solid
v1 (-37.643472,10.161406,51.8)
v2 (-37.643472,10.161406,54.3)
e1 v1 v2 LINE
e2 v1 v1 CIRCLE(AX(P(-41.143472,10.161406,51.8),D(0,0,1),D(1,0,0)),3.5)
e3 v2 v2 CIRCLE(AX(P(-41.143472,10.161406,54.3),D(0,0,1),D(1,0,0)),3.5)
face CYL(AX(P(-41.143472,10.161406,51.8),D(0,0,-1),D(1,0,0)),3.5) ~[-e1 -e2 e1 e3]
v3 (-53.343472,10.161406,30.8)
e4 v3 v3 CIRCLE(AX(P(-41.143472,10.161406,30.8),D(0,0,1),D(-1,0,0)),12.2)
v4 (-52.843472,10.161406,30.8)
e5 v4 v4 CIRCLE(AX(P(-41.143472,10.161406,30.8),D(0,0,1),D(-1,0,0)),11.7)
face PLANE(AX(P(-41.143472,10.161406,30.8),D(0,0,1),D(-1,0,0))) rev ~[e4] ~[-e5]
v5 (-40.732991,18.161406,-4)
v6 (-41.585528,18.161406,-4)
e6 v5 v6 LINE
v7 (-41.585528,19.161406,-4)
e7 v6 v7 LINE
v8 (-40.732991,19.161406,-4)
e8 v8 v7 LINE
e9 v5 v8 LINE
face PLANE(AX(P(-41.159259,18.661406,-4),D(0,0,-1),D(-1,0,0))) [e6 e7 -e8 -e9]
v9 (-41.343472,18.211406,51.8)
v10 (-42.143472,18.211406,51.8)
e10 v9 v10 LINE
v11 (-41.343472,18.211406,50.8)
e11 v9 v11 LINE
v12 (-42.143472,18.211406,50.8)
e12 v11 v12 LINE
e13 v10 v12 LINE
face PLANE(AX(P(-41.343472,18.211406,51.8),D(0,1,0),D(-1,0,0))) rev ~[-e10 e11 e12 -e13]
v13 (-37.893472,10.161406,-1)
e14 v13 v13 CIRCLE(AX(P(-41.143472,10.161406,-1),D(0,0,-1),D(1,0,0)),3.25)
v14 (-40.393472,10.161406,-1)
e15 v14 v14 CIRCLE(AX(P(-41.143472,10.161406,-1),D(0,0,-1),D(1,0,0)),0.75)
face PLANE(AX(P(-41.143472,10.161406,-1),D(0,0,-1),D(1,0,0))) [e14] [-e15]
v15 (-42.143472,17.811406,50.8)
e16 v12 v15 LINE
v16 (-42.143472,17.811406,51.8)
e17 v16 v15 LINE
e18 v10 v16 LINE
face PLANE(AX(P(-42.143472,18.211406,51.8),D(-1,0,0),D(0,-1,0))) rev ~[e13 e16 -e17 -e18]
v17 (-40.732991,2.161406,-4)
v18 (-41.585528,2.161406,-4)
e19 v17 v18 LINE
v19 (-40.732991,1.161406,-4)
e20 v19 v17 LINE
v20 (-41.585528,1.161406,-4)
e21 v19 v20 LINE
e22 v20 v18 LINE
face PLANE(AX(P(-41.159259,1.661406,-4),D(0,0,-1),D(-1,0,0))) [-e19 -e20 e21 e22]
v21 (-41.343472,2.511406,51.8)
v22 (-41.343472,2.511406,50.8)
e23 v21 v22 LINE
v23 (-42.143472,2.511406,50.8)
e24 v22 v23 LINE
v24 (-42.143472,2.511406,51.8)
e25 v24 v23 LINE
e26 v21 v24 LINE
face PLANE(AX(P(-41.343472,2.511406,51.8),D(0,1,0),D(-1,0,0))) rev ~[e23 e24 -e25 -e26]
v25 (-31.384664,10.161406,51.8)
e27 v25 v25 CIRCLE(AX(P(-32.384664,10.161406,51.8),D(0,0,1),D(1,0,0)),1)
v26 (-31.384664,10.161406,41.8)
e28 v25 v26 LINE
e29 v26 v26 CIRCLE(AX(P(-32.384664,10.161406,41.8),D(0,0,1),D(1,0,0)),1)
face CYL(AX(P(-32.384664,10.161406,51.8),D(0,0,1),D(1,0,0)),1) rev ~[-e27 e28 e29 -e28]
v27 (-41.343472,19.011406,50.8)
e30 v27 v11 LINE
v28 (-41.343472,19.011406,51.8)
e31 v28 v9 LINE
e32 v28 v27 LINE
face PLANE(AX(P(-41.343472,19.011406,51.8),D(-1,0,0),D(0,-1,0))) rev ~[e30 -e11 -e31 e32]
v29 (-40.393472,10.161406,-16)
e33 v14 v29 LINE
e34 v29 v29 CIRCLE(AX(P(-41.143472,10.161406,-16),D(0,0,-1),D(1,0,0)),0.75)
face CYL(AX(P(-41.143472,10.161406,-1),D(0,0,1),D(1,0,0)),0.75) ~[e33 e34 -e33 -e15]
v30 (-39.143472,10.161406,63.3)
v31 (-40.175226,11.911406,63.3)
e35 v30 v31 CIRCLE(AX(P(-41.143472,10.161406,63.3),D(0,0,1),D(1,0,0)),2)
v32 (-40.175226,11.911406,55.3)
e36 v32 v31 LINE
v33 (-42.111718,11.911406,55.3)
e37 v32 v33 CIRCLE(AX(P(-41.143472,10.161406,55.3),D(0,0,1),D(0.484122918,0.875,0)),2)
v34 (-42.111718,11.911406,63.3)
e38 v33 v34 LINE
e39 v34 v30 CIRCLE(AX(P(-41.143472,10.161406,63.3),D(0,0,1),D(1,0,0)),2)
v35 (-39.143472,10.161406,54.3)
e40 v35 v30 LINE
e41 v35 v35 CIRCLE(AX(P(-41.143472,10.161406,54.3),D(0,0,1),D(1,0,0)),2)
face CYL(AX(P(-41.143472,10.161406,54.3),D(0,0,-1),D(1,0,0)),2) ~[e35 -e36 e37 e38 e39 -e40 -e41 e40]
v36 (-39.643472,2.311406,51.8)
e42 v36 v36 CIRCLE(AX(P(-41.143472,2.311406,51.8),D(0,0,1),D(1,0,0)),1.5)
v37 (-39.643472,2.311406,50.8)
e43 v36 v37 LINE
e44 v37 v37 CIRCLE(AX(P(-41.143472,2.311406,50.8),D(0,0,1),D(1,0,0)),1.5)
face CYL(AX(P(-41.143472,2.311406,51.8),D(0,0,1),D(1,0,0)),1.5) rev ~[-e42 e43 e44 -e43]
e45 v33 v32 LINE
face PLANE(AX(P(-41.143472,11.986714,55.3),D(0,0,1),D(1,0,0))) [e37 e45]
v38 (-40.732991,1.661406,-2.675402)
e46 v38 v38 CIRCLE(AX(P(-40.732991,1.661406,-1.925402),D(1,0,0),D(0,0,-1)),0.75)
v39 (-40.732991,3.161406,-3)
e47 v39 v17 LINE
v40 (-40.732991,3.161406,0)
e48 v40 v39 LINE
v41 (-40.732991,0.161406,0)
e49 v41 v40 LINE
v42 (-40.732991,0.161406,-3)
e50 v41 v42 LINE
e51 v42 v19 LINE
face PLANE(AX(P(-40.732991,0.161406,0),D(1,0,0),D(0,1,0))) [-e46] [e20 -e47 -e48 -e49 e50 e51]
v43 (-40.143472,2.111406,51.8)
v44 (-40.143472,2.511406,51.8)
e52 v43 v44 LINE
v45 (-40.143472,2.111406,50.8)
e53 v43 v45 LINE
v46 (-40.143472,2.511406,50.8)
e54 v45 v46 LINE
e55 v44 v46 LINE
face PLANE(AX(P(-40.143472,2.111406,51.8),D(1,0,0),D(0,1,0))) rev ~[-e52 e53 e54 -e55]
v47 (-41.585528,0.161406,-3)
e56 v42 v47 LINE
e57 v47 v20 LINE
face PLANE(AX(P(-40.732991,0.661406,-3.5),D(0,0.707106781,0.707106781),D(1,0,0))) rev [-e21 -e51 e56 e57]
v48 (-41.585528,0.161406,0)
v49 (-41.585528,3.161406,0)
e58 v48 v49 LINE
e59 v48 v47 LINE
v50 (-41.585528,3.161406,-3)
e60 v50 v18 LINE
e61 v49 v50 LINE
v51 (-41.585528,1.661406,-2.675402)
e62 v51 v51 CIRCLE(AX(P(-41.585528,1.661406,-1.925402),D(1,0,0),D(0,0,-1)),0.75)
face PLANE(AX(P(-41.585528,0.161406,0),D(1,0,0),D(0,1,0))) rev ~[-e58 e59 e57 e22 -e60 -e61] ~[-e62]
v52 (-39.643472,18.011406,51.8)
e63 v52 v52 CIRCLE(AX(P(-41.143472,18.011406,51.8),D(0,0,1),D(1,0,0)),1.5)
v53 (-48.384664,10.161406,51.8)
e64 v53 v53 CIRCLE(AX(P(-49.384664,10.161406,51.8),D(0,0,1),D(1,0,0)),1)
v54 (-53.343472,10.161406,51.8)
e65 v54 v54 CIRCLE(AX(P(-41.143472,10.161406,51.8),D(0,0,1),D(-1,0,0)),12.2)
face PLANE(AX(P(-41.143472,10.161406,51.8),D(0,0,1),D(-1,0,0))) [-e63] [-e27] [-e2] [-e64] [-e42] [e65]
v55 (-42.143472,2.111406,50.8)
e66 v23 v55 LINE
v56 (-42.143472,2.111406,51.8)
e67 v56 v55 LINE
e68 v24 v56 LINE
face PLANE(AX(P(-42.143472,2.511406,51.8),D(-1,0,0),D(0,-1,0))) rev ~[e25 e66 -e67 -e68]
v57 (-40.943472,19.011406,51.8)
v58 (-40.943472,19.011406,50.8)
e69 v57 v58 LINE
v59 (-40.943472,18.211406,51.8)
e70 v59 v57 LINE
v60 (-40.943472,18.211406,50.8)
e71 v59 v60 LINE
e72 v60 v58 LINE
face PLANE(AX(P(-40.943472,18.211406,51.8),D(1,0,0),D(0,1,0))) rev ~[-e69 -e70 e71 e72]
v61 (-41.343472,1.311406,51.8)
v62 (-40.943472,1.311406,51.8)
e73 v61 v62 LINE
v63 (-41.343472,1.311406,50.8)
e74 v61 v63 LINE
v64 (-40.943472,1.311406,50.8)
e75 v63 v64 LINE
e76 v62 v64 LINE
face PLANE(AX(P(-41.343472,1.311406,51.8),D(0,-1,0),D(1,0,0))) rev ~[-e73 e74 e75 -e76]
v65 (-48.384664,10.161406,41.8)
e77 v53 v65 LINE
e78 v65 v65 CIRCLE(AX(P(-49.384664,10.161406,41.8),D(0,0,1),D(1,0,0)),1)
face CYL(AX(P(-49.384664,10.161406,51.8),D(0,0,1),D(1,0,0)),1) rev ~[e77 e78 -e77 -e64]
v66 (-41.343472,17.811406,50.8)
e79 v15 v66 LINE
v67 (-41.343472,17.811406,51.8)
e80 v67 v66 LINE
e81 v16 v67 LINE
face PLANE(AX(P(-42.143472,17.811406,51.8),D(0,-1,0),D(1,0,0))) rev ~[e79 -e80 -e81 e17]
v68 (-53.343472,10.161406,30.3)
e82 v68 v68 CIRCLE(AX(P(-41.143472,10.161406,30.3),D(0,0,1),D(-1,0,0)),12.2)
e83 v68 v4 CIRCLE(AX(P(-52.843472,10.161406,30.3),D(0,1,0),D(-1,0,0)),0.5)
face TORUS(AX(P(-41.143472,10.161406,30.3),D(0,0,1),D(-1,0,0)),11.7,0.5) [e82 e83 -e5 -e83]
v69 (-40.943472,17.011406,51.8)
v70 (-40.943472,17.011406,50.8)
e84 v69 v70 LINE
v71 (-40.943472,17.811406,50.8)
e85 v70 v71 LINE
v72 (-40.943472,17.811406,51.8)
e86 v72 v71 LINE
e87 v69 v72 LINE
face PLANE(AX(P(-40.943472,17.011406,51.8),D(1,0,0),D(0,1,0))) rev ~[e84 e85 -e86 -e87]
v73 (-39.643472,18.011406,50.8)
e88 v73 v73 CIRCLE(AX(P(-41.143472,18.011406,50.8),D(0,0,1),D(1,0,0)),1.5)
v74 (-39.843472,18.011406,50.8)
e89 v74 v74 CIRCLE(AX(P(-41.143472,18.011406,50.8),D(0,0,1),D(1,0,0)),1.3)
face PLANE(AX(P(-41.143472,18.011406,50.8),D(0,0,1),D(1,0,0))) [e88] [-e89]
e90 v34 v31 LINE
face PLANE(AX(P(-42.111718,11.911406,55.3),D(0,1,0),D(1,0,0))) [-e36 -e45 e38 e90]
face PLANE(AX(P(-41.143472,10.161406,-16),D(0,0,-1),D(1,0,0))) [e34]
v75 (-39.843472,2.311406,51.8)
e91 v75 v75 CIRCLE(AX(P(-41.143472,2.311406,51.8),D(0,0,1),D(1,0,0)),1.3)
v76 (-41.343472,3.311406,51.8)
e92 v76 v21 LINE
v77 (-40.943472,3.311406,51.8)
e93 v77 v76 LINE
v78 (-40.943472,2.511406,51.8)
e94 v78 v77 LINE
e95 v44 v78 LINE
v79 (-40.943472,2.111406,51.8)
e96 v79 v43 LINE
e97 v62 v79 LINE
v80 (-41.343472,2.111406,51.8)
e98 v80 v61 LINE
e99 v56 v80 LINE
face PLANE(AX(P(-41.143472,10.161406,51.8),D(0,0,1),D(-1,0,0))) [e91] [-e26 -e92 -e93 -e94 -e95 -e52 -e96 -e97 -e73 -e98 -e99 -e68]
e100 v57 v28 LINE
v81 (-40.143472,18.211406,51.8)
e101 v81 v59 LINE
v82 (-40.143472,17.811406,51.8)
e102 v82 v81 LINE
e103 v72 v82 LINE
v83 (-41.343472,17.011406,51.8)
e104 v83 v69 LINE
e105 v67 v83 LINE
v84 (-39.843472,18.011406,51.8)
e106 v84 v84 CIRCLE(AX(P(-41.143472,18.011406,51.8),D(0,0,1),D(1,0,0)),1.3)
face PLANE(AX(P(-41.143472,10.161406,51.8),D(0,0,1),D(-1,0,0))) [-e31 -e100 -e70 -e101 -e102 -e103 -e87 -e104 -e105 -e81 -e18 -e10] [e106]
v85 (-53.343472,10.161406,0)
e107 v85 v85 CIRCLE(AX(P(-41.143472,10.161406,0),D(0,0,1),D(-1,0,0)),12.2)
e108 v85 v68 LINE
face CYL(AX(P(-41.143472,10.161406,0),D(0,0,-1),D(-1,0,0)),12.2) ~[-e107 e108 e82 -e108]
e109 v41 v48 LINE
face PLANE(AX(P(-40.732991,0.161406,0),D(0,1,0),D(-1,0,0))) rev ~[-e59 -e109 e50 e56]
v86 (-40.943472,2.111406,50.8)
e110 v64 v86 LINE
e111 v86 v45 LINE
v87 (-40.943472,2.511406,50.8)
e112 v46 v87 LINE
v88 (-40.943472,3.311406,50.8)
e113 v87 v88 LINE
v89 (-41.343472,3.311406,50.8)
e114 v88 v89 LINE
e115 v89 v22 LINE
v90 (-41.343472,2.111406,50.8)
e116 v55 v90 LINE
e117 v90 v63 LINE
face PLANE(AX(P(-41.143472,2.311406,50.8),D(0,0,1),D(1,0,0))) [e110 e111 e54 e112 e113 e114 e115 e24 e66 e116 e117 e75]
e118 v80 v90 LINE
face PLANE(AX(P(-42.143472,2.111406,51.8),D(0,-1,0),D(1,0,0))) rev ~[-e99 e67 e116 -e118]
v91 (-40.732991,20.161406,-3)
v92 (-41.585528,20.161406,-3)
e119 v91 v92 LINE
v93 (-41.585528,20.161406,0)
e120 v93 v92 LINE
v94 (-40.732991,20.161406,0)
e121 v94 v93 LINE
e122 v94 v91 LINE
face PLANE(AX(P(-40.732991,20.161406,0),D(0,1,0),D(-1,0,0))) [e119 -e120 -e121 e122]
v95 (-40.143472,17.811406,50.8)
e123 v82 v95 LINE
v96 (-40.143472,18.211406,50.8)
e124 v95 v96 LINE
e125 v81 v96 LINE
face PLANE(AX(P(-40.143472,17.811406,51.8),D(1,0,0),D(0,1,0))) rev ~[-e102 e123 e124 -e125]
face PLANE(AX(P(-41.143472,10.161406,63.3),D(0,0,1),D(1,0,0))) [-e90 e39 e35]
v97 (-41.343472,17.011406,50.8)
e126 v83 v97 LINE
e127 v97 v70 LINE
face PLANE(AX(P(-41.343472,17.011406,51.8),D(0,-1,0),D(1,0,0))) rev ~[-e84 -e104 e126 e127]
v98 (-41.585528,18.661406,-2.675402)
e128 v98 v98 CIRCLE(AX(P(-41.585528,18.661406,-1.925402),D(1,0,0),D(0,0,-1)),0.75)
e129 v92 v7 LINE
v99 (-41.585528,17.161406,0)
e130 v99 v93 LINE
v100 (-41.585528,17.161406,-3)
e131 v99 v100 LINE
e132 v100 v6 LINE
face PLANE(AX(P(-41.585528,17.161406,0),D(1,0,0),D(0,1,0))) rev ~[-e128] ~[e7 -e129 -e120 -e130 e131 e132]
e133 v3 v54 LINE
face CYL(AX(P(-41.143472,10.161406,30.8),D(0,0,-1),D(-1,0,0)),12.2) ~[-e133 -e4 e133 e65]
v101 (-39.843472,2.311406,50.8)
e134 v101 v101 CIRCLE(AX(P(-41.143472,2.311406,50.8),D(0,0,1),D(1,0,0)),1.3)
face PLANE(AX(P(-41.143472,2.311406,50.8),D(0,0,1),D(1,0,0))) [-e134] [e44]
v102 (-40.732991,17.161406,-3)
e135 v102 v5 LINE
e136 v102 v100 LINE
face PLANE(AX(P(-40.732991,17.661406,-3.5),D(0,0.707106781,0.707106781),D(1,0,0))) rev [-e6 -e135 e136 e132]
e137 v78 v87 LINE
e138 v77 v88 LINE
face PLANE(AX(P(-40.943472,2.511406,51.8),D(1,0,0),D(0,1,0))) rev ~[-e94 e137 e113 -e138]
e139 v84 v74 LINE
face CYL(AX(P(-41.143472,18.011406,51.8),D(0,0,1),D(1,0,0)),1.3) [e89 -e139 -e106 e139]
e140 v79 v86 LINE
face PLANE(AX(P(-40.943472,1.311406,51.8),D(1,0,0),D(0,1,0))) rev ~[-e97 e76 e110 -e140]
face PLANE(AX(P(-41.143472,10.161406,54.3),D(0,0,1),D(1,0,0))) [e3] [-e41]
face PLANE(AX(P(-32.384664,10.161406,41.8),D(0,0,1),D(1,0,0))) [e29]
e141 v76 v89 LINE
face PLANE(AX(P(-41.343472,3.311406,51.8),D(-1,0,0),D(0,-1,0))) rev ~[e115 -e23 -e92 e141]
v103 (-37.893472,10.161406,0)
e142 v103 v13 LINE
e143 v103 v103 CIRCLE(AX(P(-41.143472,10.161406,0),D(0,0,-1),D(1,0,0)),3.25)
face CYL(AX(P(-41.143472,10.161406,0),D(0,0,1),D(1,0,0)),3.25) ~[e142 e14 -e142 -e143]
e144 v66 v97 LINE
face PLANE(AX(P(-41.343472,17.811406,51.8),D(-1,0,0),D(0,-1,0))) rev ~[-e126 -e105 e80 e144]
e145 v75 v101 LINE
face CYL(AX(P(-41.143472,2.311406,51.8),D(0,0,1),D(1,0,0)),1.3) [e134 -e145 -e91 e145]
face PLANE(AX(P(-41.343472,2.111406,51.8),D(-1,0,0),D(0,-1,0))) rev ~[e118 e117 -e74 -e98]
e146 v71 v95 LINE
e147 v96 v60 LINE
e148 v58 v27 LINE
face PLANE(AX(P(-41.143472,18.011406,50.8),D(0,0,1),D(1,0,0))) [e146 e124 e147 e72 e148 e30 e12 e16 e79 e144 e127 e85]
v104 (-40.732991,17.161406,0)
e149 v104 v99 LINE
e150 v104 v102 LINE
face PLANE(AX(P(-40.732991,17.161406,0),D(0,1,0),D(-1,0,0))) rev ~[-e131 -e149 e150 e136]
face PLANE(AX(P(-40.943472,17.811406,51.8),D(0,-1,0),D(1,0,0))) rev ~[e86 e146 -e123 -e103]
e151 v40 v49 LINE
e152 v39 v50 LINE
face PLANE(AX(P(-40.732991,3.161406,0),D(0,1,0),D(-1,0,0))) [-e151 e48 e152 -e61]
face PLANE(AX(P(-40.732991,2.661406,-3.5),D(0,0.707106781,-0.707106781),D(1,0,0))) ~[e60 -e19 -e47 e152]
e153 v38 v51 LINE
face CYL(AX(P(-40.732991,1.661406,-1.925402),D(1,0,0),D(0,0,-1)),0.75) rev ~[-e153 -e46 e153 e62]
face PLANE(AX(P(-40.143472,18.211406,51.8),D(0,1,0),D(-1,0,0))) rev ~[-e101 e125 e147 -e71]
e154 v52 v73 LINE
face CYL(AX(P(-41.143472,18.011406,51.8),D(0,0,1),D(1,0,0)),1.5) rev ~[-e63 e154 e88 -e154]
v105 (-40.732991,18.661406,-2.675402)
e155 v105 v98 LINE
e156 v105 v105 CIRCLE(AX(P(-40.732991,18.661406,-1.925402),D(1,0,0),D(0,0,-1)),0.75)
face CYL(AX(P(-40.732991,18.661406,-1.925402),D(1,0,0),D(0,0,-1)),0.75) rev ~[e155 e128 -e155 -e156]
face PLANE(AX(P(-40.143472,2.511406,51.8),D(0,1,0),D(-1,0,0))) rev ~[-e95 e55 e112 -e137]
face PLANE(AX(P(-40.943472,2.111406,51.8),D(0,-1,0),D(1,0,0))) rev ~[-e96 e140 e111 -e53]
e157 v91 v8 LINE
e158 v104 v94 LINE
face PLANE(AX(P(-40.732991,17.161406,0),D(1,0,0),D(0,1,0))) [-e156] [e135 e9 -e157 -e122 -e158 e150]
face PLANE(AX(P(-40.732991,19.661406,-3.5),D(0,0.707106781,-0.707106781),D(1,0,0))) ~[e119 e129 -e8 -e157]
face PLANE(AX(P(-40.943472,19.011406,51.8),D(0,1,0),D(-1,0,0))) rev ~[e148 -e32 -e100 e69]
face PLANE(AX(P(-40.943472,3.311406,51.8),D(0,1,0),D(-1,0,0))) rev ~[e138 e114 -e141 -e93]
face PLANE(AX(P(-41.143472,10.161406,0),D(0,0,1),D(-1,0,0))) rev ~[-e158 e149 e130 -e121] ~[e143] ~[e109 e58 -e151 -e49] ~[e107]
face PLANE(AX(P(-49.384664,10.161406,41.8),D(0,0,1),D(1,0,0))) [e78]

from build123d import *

# Parameters (mm, degrees)
IZIM1_R                     = 12.2
Y_KSEKLIK_EKSTR_ZYON1_DEPTH = 30.8
RADYUS1_R                   = 0.5
IZIM2_R                     = 12.2
Y_KSEKLIK_EKSTR_ZYON2_DEPTH = 21
IZIM3_R                     = 3.5
Y_KSEKLIK_EKSTR_ZYON3_DEPTH = 2.5
IZIM4_R                     = 2
Y_KSEKLIK_EKSTR_ZYON4_DEPTH = 9
IZIM5_R                     = 1
KES_EKSTR_ZYON1_DEPTH       = 10
IZIM6_R                     = 1.5
IZIM6_R_2                   = 1.3
KES_EKSTR_ZYON2_DEPTH       = 1
KES_EKSTR_ZYON3_START       = -8
KES_EKSTR_ZYON3_DEPTH       = 8
IZIM9_R                     = 3.25
Y_KSEKLIK_EKSTR_ZYON5_DEPTH = 1
IZIM10_R                    = 0.75
Y_KSEKLIK_EKSTR_ZYON6_DEPTH = 15
IZIM11_W                    = 0.852537123
IZIM11_H                    = 3
Y_KSEKLIK_EKSTR_ZYON7_DEPTH = 4
IZIM12_R                    = 0.75
KES_EKSTR_ZYON4_DEPTH       = 4
PAH1_SIZE                   = 1


with BuildPart() as part:
    # Çizim1 → Yükseklik-Ekstrüzyon1 (new body)
    with BuildSketch(Plane.XY):
        with Locations((-41.143471688, 10.161406423)):
            Circle(IZIM1_R)
    extrude(amount=Y_KSEKLIK_EKSTR_ZYON1_DEPTH)

    # Radyus1
    radyus1_edges = [part.edges().sort_by_distance(p)[0] for p in [
        (-53.343471688, 10.161406423, 30.8),
    ]]
    fillet(radyus1_edges, radius=RADYUS1_R)

    # Çizim2 → Yükseklik-Ekstrüzyon2 (add)
    with BuildSketch(Plane.XY.offset(30.8)):
        with Locations((-41.143471688, 10.161406423)):
            Circle(IZIM2_R)
    extrude(amount=Y_KSEKLIK_EKSTR_ZYON2_DEPTH)

    # Çizim3 → Yükseklik-Ekstrüzyon3 (add)
    with BuildSketch(Plane.XY.offset(51.8)):
        with Locations((-41.143471688, 10.161406423)):
            Circle(IZIM3_R)
    extrude(amount=Y_KSEKLIK_EKSTR_ZYON3_DEPTH)

    # Çizim4 → Yükseklik-Ekstrüzyon4 (add)
    with BuildSketch(Plane.XY.offset(54.3)):
        with Locations((-41.143471688, 10.161406423)):
            Circle(IZIM4_R)
    extrude(amount=Y_KSEKLIK_EKSTR_ZYON4_DEPTH)

    # Çizim5 → Kes-Ekstrüzyon1 (cut)
    with BuildSketch(Plane.XY.offset(51.8)):
        with Locations((-49.384663885, 10.161406423)):
            Circle(IZIM5_R)
        with Locations((-32.384663885, 10.161406423)):
            Circle(IZIM5_R)
    extrude(amount=-KES_EKSTR_ZYON1_DEPTH, mode=Mode.SUBTRACT)

    # Çizim6 → Kes-Ekstrüzyon2 (cut)
    # profile 1 of 4: a face of its own
    with BuildSketch(Plane.XY.offset(51.8)):
        with Locations((-41.143471688, 2.311406423)):
            Circle(IZIM6_R)
        with Locations((-41.143471688, 2.311406423)):
            Circle(IZIM6_R_2, mode=Mode.SUBTRACT)
    # profile 2 of 4: a face of its own
    with BuildSketch(Plane.XY.offset(51.8)):
        Polygon((-40.943471688, 3.311406423), (-41.343471688, 3.311406423), (-41.343471688, 2.511406423), (-42.143471688, 2.511406423), (-42.143471688, 2.111406423), (-41.343471688, 2.111406423), (-41.343471688, 1.311406423), (-40.943471688, 1.311406423), (-40.943471688, 2.111406423), (-40.143471688, 2.111406423), (-40.143471688, 2.511406423), (-40.943471688, 2.511406423), align=None)
    # profile 3 of 4: a face of its own
    with BuildSketch(Plane.XY.offset(51.8)):
        with Locations((-41.143471688, 18.011406423)):
            Circle(IZIM6_R)
        with Locations((-41.143471688, 18.011406423)):
            Circle(IZIM6_R_2, mode=Mode.SUBTRACT)
    # profile 4 of 4: a face of its own
    with BuildSketch(Plane.XY.offset(51.8)):
        Polygon((-41.343471688, 17.011406423), (-40.943471688, 17.011406423), (-40.943471688, 17.811406423), (-40.143471688, 17.811406423), (-40.143471688, 18.211406423), (-40.943471688, 18.211406423), (-40.943471688, 19.011406423), (-41.343471688, 19.011406423), (-41.343471688, 18.211406423), (-42.143471688, 18.211406423), (-42.143471688, 17.811406423), (-41.343471688, 17.811406423), align=None)
    extrude(amount=-KES_EKSTR_ZYON2_DEPTH, mode=Mode.SUBTRACT)

    # Çizim8 → Kes-Ekstrüzyon3 (cut)
    with BuildSketch(Plane.XY.offset(63.3).offset(KES_EKSTR_ZYON3_START)):
        with BuildLine():
            Line((-42.111717524, 11.911406423), (-40.175225851, 11.911406423))
            ThreePointArc((-40.175225851, 11.911406423), (-41.143471688, 12.161406423), (-42.111717524, 11.911406423))
        make_face()
    extrude(amount=KES_EKSTR_ZYON3_DEPTH, mode=Mode.SUBTRACT)

    # Çizim9 → Yükseklik-Ekstrüzyon5 (add)
    with BuildSketch(Plane(origin=(0, 0, 0), x_dir=(-1, 0, 0), z_dir=(0, 0, -1))):
        with Locations((41.143471688, 10.161406423)):
            Circle(IZIM9_R)
    extrude(amount=Y_KSEKLIK_EKSTR_ZYON5_DEPTH)

    # Çizim10 → Yükseklik-Ekstrüzyon6 (add)
    with BuildSketch(Plane(origin=(0, 0, -1), x_dir=(-1, 0, 0), z_dir=(0, 0, -1))):
        with Locations((41.143471688, 10.161406423)):
            Circle(IZIM10_R)
    extrude(amount=Y_KSEKLIK_EKSTR_ZYON6_DEPTH)

    # Çizim11 → Yükseklik-Ekstrüzyon7 (add)
    with BuildSketch(Plane(origin=(0, 0, 0), x_dir=(-1, 0, 0), z_dir=(0, 0, -1))):
        with Locations((41.159259413, 18.661406423)):
            Rectangle(IZIM11_W, IZIM11_H)
        with Locations((41.159259413, 1.661406423)):
            Rectangle(IZIM11_W, IZIM11_H)
    extrude(amount=Y_KSEKLIK_EKSTR_ZYON7_DEPTH)

    # Çizim12 → Kes-Ekstrüzyon4 (cut)
    with BuildSketch(Plane(origin=(-40.732990851, 0, 0), x_dir=(0, 0, -1), z_dir=(1, 0, 0))):
        with Locations((1.925401768, 18.661406423)):
            Circle(IZIM12_R)
        with Locations((1.925401768, 1.661406423)):
            Circle(IZIM12_R)
    extrude(amount=-KES_EKSTR_ZYON4_DEPTH, mode=Mode.SUBTRACT)

    # Pah1
    pah1_edges = [part.edges().sort_by_distance(p)[0] for p in [
        (-41.159259412, 0.161406423, -4),
        (-41.159259412, 3.161406423, -4),
        (-41.159259412, 20.161406423, -4),
        (-41.159259412, 17.161406423, -4),
    ]]
    chamfer(pah1_edges, length=PAH1_SIZE)


solid = part.part
